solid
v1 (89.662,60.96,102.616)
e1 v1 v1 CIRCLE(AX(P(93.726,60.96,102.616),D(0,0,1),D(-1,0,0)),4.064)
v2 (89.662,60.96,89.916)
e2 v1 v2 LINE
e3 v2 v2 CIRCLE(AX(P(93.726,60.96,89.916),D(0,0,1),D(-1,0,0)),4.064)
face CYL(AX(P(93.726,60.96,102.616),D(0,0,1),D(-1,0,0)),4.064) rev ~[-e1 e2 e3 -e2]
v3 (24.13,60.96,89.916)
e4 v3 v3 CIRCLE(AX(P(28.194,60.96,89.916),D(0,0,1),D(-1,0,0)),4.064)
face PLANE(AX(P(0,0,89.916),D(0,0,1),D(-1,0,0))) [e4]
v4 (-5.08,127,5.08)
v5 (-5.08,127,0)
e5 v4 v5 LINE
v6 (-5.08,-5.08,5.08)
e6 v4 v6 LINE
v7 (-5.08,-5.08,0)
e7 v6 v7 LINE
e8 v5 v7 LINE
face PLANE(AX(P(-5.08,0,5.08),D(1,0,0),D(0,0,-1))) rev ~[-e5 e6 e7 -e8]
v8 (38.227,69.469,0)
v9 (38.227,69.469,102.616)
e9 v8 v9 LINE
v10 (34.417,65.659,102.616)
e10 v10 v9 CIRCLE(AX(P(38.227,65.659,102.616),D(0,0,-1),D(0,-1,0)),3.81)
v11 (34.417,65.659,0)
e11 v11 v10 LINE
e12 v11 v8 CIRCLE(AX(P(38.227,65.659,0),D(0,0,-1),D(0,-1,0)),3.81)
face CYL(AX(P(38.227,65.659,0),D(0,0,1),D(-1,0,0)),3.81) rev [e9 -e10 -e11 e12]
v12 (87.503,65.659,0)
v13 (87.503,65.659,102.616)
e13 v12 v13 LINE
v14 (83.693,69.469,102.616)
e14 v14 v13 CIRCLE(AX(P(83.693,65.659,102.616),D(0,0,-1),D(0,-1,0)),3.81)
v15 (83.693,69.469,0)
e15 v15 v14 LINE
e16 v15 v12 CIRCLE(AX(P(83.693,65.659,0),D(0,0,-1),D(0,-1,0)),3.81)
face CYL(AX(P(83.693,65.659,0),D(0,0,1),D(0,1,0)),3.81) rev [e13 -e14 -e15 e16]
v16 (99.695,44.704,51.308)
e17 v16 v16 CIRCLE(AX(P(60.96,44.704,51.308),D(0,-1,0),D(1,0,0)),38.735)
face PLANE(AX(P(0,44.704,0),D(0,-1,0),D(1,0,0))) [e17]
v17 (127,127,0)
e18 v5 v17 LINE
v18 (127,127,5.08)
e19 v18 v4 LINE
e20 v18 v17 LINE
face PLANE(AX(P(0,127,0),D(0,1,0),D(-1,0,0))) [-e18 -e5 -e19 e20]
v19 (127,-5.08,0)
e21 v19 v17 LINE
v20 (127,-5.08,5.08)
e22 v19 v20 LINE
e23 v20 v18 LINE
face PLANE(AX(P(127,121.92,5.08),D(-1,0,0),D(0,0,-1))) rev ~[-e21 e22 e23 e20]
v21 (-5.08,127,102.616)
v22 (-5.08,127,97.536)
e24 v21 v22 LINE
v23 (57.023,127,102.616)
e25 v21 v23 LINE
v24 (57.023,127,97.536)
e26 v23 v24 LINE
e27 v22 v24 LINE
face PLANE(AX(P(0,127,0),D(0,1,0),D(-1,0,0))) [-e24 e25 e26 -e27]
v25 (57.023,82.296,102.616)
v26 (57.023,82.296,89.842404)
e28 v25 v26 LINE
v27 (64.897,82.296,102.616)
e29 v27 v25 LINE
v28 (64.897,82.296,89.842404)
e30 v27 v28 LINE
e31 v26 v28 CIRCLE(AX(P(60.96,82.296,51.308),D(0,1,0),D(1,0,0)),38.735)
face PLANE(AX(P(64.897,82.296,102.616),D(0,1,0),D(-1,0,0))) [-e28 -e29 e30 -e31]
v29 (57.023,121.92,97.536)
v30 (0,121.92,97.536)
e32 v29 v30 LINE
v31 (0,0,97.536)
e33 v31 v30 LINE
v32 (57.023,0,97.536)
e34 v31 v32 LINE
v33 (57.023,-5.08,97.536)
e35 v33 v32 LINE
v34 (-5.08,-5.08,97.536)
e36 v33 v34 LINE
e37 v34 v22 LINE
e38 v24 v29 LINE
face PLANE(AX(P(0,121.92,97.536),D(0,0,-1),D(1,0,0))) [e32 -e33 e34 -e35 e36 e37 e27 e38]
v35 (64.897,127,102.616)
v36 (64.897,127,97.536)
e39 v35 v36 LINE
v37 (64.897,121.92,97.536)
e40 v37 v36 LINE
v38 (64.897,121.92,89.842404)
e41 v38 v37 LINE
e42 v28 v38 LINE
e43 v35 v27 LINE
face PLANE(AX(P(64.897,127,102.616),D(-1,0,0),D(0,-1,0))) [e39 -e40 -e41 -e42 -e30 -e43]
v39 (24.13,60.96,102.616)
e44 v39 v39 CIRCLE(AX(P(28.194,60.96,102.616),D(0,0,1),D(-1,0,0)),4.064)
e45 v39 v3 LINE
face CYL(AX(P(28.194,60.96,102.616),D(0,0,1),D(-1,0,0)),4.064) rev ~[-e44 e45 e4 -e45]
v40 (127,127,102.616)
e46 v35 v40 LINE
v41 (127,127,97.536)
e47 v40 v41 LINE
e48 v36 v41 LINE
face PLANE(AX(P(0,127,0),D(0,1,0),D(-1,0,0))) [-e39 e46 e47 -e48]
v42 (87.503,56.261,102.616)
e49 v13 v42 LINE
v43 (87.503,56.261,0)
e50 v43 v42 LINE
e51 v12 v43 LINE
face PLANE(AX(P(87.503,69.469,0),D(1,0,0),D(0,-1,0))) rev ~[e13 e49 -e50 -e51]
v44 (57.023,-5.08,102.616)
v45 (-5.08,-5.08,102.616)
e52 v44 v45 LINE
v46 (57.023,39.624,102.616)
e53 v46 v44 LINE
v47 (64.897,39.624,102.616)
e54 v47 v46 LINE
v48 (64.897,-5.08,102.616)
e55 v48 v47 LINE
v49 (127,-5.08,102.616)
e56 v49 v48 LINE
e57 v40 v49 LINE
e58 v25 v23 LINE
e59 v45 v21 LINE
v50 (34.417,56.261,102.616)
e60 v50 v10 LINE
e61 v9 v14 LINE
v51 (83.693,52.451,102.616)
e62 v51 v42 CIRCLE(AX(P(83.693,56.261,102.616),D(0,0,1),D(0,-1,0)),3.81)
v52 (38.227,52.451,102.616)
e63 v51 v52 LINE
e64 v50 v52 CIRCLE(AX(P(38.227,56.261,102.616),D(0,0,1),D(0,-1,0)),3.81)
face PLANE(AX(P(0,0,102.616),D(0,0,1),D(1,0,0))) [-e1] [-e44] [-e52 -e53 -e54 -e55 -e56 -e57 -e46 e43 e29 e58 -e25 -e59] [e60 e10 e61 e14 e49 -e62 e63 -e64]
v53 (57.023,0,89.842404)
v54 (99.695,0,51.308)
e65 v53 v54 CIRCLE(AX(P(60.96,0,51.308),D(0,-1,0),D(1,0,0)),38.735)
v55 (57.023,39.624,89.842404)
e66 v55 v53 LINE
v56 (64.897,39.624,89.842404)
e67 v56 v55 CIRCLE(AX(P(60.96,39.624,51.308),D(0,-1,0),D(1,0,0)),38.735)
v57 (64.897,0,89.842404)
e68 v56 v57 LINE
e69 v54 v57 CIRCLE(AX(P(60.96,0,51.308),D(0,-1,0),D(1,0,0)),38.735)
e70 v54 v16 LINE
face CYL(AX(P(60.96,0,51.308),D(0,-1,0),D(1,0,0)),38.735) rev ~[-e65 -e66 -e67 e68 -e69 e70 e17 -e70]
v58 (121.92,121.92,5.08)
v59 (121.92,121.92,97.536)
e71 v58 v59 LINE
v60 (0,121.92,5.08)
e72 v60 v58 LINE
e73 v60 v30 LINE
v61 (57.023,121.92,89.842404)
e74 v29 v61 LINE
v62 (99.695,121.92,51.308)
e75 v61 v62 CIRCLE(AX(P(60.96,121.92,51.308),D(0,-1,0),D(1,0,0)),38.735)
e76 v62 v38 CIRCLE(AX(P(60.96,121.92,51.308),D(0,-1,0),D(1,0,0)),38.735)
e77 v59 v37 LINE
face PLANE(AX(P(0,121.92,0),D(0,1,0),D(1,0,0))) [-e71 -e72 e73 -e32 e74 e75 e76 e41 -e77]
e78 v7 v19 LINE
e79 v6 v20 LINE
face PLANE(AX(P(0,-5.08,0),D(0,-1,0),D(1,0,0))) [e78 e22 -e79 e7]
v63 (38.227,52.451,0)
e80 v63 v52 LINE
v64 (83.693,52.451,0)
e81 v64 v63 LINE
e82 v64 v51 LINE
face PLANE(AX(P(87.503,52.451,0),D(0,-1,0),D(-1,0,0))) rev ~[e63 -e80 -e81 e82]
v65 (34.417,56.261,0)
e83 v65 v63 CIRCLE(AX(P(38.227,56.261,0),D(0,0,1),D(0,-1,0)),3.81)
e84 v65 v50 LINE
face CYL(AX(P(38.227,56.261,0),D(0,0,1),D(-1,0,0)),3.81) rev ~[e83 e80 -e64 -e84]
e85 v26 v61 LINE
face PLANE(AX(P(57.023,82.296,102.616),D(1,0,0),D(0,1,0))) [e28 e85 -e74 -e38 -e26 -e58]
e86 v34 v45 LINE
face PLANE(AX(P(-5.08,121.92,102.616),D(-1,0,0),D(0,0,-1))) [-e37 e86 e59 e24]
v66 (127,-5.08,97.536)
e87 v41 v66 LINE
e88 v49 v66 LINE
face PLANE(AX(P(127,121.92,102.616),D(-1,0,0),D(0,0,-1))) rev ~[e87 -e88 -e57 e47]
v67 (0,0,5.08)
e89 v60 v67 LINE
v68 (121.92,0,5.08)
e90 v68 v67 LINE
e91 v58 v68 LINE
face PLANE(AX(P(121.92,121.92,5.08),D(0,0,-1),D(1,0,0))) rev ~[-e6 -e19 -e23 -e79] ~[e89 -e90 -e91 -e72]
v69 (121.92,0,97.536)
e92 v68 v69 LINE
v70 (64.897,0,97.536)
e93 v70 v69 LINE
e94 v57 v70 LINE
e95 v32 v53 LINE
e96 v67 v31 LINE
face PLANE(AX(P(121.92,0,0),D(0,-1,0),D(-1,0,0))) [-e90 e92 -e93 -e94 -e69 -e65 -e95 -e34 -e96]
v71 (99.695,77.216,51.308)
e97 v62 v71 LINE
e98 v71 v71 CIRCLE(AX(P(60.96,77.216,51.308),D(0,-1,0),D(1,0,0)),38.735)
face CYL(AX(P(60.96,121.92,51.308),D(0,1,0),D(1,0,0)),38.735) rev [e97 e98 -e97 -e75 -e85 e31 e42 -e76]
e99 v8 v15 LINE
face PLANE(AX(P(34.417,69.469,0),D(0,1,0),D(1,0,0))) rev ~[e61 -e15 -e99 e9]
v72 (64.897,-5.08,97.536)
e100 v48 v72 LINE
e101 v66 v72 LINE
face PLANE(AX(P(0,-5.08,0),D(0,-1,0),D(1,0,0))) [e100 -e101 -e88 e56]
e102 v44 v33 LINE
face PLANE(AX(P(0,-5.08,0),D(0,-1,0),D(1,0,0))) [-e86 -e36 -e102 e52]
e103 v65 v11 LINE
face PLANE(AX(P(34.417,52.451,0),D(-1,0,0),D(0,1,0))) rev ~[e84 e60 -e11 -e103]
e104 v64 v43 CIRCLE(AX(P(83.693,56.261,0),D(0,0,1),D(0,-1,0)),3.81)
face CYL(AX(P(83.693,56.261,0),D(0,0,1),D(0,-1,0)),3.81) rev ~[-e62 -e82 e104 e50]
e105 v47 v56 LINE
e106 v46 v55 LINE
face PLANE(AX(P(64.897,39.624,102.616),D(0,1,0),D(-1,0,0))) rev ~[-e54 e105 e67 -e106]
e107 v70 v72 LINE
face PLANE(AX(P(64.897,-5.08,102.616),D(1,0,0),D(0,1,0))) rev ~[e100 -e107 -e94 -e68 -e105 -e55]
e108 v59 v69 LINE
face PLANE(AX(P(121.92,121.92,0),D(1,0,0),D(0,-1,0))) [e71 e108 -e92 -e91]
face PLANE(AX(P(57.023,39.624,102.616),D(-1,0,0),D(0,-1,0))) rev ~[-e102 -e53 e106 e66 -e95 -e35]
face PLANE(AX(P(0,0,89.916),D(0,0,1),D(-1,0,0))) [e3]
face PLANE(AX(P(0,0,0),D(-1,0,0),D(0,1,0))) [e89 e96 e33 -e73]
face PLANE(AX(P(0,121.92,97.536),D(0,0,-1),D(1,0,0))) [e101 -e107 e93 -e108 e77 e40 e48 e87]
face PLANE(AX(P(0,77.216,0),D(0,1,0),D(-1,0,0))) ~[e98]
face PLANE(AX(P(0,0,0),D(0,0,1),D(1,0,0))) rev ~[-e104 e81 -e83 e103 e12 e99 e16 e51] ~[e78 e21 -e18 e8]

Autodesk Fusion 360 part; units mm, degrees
sketch "Sketch1" plane through (0, 0, 0) normal (0, 0, 1) x (1, 0, 0)
  line L0 (0, 121.92) -> (121.92, 121.92)
  line L1 (121.92, 121.92) -> (121.92, 0)
  line L2 (121.92, 0) -> (0, 0)
  line L3 (0, 0) -> (0, 121.92)
  line L4 (34.417, 69.469) -> (87.503, 69.469)
  line L5 (87.503, 69.469) -> (87.503, 52.451)
  line L6 (87.503, 52.451) -> (34.417, 52.451)
  line L7 (34.417, 52.451) -> (34.417, 69.469)
  dimension "d1" = 121.92
  dimension "d2" = 121.92
  dimension "d3" = 17.018
  dimension "d4" = 53.086
  dimension "d5" = 34.417
  dimension "d6" = 52.451
extrude "Extrude1" add sketch "Sketch1" along normal blind 102.616
sketch "Sketch2" plane through (0, 0, 0) normal (0, -1, 0) x (1, 0, 0)
  line L0 (0, 0) -> (121.92, 0)
  line L1 (121.92, 0) -> (121.92, 102.616)
  line L2 (121.92, 102.616) -> (0, 102.616)
  line L3 (0, 102.616) -> (0, 0)
  line L4 (-5.08, 102.616) -> (127, 102.616)
  line L5 (127, 102.616) -> (127, 97.536)
  line L6 (127, 97.536) -> (-5.08, 97.536)
  line L7 (-5.08, 97.536) -> (-5.08, 102.616)
  line L8 (-5.08, 0) -> (127, 0)
  line L9 (127, 0) -> (127, 5.08)
  line L10 (127, 5.08) -> (-5.08, 5.08)
  line L11 (-5.08, 5.08) -> (-5.08, 0)
  dimension "d9" = 5.08
  dimension "d10" = 132.08
  dimension "d11" = 5.08
  dimension "d12" = 132.08
  dimension "d13" = 5.08
  dimension "d14" = 5.08
extrude "Extrude2" add sketch "Sketch2" along normal blind 5.08 contours L0 L1 L3 L8 L10 | L3 L8 L10 L11 | L1 L8 L9 L10 | L3 L4 L6 L7 | L1 L2 L3 L4 L6 | L1 L4 L5 L6
sketch "Sketch3" plane through (121.92, 0, 0) normal (1, 0, 0) x (0, 1, 0)
  line L0 (0, 0) -> (121.92, 0)
  line L1 (121.92, 0) -> (121.92, 102.616)
  line L2 (121.92, 102.616) -> (0, 102.616)
  line L3 (0, 102.616) -> (0, 97.536)
  line L4 (0, 97.536) -> (0, 5.08)
  line L5 (0, 5.08) -> (0, 0)
  line L6 (0, 102.616) -> (121.92, 102.616)
  line L7 (121.92, 102.616) -> (121.92, 97.536)
  line L8 (121.92, 97.536) -> (0, 97.536)
  line L9 (0, 97.536) -> (0, 102.616)
  line L10 (0, 0) -> (121.92, 0)
  line L11 (121.92, 0) -> (121.92, 5.08)
  line L12 (121.92, 5.08) -> (0, 5.08)
  line L13 (0, 5.08) -> (0, 0)
  dimension "d17" = 5.08
  dimension "d18" = 5.08
extrude "Extrude3" add sketch "Sketch3" along normal blind 5.08 contours L0 L1 L5 L10 L11 L12 L13 | L1 L2 L3 L6 L7 L8 L9
sketch "Sketch4" plane through (0, 121.92, 0) normal (0, 1, 0) x (-1, 0, 0)
  line L0 (-127, 0) -> (0, 0)
  line L1 (0, 0) -> (0, 102.616)
  line L2 (0, 102.616) -> (-127, 102.616)
  line L3 (-127, 102.616) -> (-127, 97.536)
  line L4 (-127, 97.536) -> (-121.92, 97.536)
  line L5 (-121.92, 97.536) -> (-121.92, 5.08)
  line L6 (-121.92, 5.08) -> (-127, 5.08)
  line L7 (-127, 5.08) -> (-127, 0)
  line L8 (-127, 102.616) -> (5.08, 102.616)
  line L9 (5.08, 102.616) -> (5.08, 97.536)
  line L10 (5.08, 97.536) -> (-127, 97.536)
  line L11 (-127, 97.536) -> (-127, 102.616)
  line L12 (-127, 5.08) -> (5.08, 5.08)
  line L13 (5.08, 5.08) -> (5.08, 0)
  line L14 (5.08, 0) -> (-127, 0)
  line L15 (-127, 0) -> (-127, 5.08)
  dimension "d21" = 5.08
  dimension "d22" = 132.08
  dimension "d23" = 132.08
  dimension "d24" = 5.08
extrude "Extrude4" add sketch "Sketch4" along normal blind 5.08 contours L0 L1 L6 L7 L12 L14 L15 | L1 L12 L13 L14 | L1 L2 L3 L4 L8 L10 L11 | L1 L8 L9 L10
sketch "Sketch5" plane through (0, 0, 0) normal (-1, 0, 0) x (0, -1, 0)
  line L0 (-121.92, 0) -> (0, 0)
  line L1 (0, 0) -> (0, 5.08)
  line L2 (0, 5.08) -> (0, 97.536)
  line L3 (0, 97.536) -> (0, 102.616)
  line L4 (0, 102.616) -> (-121.92, 102.616)
  line L5 (-121.92, 102.616) -> (-121.92, 97.536)
  line L6 (-121.92, 97.536) -> (-121.92, 5.08)
  line L7 (-121.92, 5.08) -> (-121.92, 0)
  line L8 (-121.92, 102.616) -> (0, 102.616)
  line L9 (0, 102.616) -> (0, 97.536)
  line L10 (0, 97.536) -> (-121.92, 97.536)
  line L11 (-121.92, 97.536) -> (-121.92, 102.616)
  line L12 (-121.92, 5.08) -> (0, 5.08)
  line L13 (0, 5.08) -> (0, 0)
  line L14 (0, 0) -> (-121.92, 0)
  line L15 (-121.92, 0) -> (-121.92, 5.08)
  dimension "d27" = 5.08
  dimension "d28" = 5.08
extrude "Extrude5" add sketch "Sketch5" along normal blind 5.08 contours L0 L1 L7 L12 L13 L14 L15 | L3 L4 L5 L8 L9 L10 L11
sketch "Sketch6" plane through (0, 0, 0) normal (0, -1, 0) x (1, 0, 0)
  line L0 (0, 5.08) -> (121.92, 5.08)
  line L1 (121.92, 5.08) -> (121.92, 97.536)
  line L2 (121.92, 97.536) -> (0, 97.536)
  line L3 (0, 97.536) -> (0, 5.08)
  circle A0 centre (60.96, 51.308) radius 38.735
  line L4 (127, 102.616) -> (-5.08, 102.616)
  dimension "d31" = 77.47
  dimension "d32" = 51.308
  dimension "d33" = 60.96
extrude "Extrude6" cut sketch "Sketch6" against normal blind 44.704 contours A0
ref_plane "WorkPlane1" through (0, 60.96, 0) normal (0, 1, 0) x (0, 0, 1)
mirror "Mirror1" about plane through (0, 60.96, 0) normal (0, 1, 0) of "Extrude6"
sketch "Sketch7" plane through (0, 0, 102.616) normal (0, 0, 1) x (-1, 0, 0)
  line L0 (-87.503, -52.451) -> (-34.417, -52.451)
  line L1 (-34.417, -52.451) -> (-34.417, -69.469)
  line L2 (-34.417, -69.469) -> (-87.503, -69.469)
  line L3 (-87.503, -69.469) -> (-87.503, -52.451)
  line L4 (5.08, -127) -> (5.08, 5.08)
  line L5 (5.08, 5.08) -> (-127, 5.08)
  line L6 (-127, 5.08) -> (-127, -127)
  line L7 (-127, -127) -> (5.08, -127)
  line L8 (-57.023, -127) -> (-64.897, -127)
  line L9 (-64.897, -127) -> (-64.897, -82.296)
  line L10 (-64.897, -82.296) -> (-57.023, -82.296)
  line L11 (-57.023, -82.296) -> (-57.023, -127)
  line L12 (-33.7438, -60.96) -> (-1.1636, -60.96)
  line L13 (-64.897, -39.624) -> (-57.023, -39.624)
  line L14 (-57.023, -39.624) -> (-57.023, 5.08)
  line L15 (-64.897, 5.08) -> (-64.897, -39.624)
  line L16 (-57.023, 5.08) -> (-64.897, 5.08)
  dimension "d39" = 7.874
  dimension "d40" = 62.103
  dimension "d41" = 44.704
extrude "Extrude7" cut sketch "Sketch7" against normal blind 15.24 contours L7 L8 L9 L10 L11 | L5 L13 L14 L15 L16
sketch "Sketch8" plane through (0, 0, 102.616) normal (0, 0, 1) x (-1, 0, 0)
  line L0 (-87.503, -52.451) -> (-34.417, -52.451)
  line L1 (-34.417, -52.451) -> (-34.417, -69.469)
  line L2 (-34.417, -69.469) -> (-87.503, -69.469)
  line L3 (-87.503, -69.469) -> (-87.503, -52.451)
  line L4 (-64.897, -127) -> (-64.897, -82.296)
  line L5 (-64.897, -82.296) -> (-57.023, -82.296)
  line L6 (-57.023, -82.296) -> (-57.023, -127)
  line L7 (-57.023, -127) -> (5.08, -127)
  line L8 (5.08, -127) -> (5.08, 5.08)
  line L9 (5.08, 5.08) -> (-57.023, 5.08)
  line L10 (-57.023, 5.08) -> (-57.023, -39.624)
  line L11 (-57.023, -39.624) -> (-64.897, -39.624)
  line L12 (-64.897, -39.624) -> (-64.897, 5.08)
  line L13 (-64.897, 5.08) -> (-127, 5.08)
  line L14 (-127, 5.08) -> (-127, -127)
  line L15 (-127, -127) -> (-64.897, -127)
  circle A0 centre (-28.194, -60.96) radius 4.064
  circle A1 centre (-93.726, -60.96) radius 4.064
  dimension "d44" = 8.128
  dimension "d45" = 8.128
  dimension "d46" = 33.274
  dimension "d47" = 98.806
  dimension "d48" = 66.04
  dimension "d49" = 66.04
extrude "Extrude8" cut sketch "Sketch8" against normal blind 12.7 contours A0 | A1
thread "Thread1"
thread "Thread2"
fillet "Fillet1" radius 3.81 4 edges at (87.503, 69.469, 51.308) (34.417, 69.469, 51.308) (34.417, 52.451, 51.308) (87.503, 52.451, 51.308)
